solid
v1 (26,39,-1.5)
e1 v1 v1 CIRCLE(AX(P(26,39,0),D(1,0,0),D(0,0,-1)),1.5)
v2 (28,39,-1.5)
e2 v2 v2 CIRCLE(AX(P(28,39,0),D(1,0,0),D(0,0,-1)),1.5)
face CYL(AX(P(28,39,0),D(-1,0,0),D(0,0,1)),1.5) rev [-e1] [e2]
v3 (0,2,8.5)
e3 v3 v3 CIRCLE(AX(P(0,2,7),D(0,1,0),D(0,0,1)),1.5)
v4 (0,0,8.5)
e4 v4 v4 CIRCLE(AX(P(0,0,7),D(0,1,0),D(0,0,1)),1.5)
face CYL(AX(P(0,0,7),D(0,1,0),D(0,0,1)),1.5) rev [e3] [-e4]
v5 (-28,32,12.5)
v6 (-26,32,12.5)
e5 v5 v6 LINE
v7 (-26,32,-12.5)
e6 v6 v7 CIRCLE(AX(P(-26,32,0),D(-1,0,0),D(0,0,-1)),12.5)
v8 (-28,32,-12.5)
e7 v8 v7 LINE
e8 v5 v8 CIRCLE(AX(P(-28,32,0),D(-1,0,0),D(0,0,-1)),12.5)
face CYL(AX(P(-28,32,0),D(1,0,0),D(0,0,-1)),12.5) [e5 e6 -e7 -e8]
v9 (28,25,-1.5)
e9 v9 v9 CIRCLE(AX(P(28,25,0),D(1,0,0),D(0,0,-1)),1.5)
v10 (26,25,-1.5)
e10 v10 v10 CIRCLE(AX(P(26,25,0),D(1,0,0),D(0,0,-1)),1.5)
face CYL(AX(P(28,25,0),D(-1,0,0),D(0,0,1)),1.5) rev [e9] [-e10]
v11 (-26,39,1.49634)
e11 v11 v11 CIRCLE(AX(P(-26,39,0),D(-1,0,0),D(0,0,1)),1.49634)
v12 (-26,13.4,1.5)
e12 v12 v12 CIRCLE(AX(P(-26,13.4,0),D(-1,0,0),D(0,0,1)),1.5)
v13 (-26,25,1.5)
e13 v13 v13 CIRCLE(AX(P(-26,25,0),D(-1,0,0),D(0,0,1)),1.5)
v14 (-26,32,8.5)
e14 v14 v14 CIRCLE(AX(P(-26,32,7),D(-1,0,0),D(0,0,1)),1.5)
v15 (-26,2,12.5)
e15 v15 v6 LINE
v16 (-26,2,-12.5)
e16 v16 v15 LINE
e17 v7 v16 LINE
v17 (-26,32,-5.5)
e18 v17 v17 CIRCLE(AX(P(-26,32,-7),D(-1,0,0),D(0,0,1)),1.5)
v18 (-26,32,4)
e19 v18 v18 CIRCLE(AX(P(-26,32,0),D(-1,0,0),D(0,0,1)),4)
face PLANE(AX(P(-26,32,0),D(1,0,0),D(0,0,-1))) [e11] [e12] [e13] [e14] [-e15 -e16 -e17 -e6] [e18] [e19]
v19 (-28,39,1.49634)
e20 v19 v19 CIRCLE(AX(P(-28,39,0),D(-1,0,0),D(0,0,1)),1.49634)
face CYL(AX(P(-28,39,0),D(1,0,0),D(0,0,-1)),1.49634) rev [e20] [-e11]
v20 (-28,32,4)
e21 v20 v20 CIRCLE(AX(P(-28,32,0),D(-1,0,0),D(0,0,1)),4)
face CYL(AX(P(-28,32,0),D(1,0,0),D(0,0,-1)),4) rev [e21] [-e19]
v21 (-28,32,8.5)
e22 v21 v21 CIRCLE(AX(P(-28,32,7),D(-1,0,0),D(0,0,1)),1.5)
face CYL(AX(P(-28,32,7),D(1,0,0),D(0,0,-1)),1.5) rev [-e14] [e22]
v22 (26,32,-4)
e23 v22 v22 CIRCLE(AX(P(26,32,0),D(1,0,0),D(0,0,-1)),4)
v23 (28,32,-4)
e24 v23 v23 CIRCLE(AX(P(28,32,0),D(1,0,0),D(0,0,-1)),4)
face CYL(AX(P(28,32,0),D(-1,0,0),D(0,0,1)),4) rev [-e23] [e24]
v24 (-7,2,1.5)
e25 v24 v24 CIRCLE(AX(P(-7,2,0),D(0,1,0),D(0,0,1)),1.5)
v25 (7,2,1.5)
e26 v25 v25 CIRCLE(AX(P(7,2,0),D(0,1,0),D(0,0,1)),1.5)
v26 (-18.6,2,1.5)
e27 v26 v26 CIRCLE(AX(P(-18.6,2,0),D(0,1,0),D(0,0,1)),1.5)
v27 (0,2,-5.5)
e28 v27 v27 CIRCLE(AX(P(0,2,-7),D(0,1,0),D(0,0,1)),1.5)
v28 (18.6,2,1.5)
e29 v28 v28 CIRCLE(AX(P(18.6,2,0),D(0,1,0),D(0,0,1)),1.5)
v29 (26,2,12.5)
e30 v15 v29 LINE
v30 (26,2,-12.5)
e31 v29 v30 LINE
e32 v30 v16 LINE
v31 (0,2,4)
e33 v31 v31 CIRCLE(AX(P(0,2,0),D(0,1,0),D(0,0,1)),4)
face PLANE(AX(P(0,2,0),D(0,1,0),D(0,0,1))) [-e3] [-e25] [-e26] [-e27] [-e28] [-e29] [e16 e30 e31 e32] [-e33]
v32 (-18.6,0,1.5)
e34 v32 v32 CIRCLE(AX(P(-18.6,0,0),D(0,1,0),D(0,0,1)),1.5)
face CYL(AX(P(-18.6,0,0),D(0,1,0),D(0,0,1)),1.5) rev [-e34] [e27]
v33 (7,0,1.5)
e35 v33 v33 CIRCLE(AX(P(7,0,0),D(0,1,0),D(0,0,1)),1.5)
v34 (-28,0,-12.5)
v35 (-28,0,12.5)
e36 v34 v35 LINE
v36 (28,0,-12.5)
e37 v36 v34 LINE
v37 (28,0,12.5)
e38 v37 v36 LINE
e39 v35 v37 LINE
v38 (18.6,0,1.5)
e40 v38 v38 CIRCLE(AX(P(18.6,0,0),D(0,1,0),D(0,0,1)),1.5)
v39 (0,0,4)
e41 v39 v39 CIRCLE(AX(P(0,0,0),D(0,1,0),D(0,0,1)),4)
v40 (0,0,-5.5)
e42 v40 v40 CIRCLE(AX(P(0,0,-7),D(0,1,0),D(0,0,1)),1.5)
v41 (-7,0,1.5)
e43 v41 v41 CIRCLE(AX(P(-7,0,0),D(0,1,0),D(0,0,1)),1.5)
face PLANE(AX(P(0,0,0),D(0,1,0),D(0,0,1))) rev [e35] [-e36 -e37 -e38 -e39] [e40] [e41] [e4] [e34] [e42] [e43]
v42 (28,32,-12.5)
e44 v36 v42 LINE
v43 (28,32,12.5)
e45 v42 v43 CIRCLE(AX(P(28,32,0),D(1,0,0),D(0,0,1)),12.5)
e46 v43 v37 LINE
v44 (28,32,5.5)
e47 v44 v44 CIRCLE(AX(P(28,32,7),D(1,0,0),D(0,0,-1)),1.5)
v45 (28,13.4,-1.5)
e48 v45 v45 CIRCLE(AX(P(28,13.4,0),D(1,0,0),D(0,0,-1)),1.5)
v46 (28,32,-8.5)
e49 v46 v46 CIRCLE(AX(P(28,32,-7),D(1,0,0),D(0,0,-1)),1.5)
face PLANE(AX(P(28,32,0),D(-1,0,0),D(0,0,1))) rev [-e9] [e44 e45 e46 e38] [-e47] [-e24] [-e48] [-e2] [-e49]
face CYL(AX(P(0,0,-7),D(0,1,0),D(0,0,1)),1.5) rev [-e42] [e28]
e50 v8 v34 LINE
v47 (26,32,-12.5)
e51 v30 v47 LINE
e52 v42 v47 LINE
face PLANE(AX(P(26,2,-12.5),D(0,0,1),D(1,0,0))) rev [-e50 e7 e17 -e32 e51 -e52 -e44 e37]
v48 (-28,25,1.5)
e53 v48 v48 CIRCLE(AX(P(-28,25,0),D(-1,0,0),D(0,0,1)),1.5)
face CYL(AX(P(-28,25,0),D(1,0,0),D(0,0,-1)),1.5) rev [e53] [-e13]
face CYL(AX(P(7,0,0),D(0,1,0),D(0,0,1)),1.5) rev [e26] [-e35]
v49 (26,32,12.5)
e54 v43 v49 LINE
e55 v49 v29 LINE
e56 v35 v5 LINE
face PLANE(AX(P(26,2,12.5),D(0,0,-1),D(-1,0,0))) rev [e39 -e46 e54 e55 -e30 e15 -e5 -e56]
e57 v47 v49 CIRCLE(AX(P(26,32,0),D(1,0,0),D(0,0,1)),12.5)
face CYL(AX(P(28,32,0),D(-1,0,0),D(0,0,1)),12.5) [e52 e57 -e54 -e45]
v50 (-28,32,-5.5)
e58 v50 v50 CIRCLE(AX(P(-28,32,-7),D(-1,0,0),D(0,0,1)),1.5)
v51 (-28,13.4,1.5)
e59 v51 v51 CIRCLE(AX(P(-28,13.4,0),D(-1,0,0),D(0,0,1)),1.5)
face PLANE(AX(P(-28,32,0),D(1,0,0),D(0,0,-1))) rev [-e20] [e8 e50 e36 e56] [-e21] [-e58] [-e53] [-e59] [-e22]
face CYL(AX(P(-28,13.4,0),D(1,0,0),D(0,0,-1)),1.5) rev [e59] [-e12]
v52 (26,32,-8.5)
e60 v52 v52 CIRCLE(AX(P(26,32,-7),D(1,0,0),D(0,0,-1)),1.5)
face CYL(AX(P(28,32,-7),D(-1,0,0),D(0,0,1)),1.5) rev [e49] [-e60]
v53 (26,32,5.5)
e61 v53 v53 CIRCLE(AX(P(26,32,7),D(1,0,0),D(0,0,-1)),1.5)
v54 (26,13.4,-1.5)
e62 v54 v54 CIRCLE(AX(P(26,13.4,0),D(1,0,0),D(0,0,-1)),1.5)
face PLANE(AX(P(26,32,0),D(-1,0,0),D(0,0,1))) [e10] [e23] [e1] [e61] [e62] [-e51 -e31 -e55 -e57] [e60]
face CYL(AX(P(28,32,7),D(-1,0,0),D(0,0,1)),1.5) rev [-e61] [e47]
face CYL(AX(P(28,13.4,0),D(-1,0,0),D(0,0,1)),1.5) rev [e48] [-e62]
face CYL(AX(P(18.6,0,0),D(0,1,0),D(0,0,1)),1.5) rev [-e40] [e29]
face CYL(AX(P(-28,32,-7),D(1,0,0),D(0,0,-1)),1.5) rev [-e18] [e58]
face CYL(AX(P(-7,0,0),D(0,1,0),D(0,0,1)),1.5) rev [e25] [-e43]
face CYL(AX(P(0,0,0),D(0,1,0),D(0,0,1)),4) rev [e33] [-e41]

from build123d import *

# Parameters (mm, degrees)
SKETCH1_W           = 52
SKETCH1_H           = 25
BOSS_EXTRUDE1_DEPTH = 2
SKETCH3_R           = 4
SKETCH3_R_2         = 1.5
CUT_EXTRUDE1_DEPTH  = 3
SKETCH4_R           = 4
SKETCH4_R_2         = 1.5
BOSS_EXTRUDE3_DEPTH = 2
SKETCH5_R           = 4
SKETCH5_R_2         = 1.496339982
SKETCH5_R_3         = 1.5
BOSS_EXTRUDE4_DEPTH = 2


with BuildPart() as part:
    # Sketch1 → Boss-Extrude1 (new body)
    with BuildSketch(Plane(origin=(0, 0, 0), x_dir=(1, 0, 0), z_dir=(0, 1, 0))):
        Rectangle(SKETCH1_W, SKETCH1_H)
    extrude(amount=BOSS_EXTRUDE1_DEPTH)

    # Sketch3 → Cut-Extrude1 (cut, through all)
    with BuildSketch(Plane(origin=(0, 2, 0), x_dir=(1, 0, 0), z_dir=(0, 1, 0))):
        Circle(SKETCH3_R)
        with Locations((18.6, 0)):
            Circle(SKETCH3_R_2)
        with Locations((7, 0)):
            Circle(SKETCH3_R_2)
        with Locations((0, 7)):
            Circle(SKETCH3_R_2)
        with Locations((-7, 0)):
            Circle(SKETCH3_R_2)
        with Locations((0, -7)):
            Circle(SKETCH3_R_2)
        with Locations((-18.6, 0)):
            Circle(SKETCH3_R_2)
    extrude(amount=-CUT_EXTRUDE1_DEPTH, mode=Mode.SUBTRACT)

    # Sketch4 → Boss-Extrude3 (add)
    with BuildSketch(Plane(origin=(26, 0, 0), x_dir=(0, 0, -1), z_dir=(1, 0, 0))):
        with BuildLine():
            Line((-12.5, 0), (12.5, 0))
            Line((12.5, 0), (12.5, 32))
            ThreePointArc((12.5, 32), (0, 44.5), (-12.5, 32))
            Line((-12.5, 32), (-12.5, 0))
        make_face()
        with Locations((0, 32)):
            Circle(SKETCH4_R, mode=Mode.SUBTRACT)
        with Locations((0, 39)):
            Circle(SKETCH4_R_2, mode=Mode.SUBTRACT)
        with Locations((7, 32)):
            Circle(SKETCH4_R_2, mode=Mode.SUBTRACT)
        with Locations((0, 25)):
            Circle(SKETCH4_R_2, mode=Mode.SUBTRACT)
        with Locations((-7, 32)):
            Circle(SKETCH4_R_2, mode=Mode.SUBTRACT)
        with Locations((0, 13.4)):
            Circle(SKETCH4_R_2, mode=Mode.SUBTRACT)
    extrude(amount=BOSS_EXTRUDE3_DEPTH)

    # Sketch5 → Boss-Extrude4 (add)
    with BuildSketch(Plane.ZY.offset(26)):
        with BuildLine():
            Line((-12.5, 0), (12.5, 0))
            Line((12.5, 0), (12.5, 32))
            ThreePointArc((12.5, 32), (0, 44.5), (-12.5, 32))
            Line((-12.5, 32), (-12.5, 0))
        make_face()
        with Locations((0, 32)):
            Circle(SKETCH5_R, mode=Mode.SUBTRACT)
        with Locations((0, 39)):
            Circle(SKETCH5_R_2, mode=Mode.SUBTRACT)
        with Locations((7, 32)):
            Circle(SKETCH5_R_3, mode=Mode.SUBTRACT)
        with Locations((0, 25)):
            Circle(SKETCH5_R_3, mode=Mode.SUBTRACT)
        with Locations((-7, 32)):
            Circle(SKETCH5_R_3, mode=Mode.SUBTRACT)
        with Locations((0, 13.4)):
            Circle(SKETCH5_R_3, mode=Mode.SUBTRACT)
    extrude(amount=BOSS_EXTRUDE4_DEPTH)


solid = part.part
